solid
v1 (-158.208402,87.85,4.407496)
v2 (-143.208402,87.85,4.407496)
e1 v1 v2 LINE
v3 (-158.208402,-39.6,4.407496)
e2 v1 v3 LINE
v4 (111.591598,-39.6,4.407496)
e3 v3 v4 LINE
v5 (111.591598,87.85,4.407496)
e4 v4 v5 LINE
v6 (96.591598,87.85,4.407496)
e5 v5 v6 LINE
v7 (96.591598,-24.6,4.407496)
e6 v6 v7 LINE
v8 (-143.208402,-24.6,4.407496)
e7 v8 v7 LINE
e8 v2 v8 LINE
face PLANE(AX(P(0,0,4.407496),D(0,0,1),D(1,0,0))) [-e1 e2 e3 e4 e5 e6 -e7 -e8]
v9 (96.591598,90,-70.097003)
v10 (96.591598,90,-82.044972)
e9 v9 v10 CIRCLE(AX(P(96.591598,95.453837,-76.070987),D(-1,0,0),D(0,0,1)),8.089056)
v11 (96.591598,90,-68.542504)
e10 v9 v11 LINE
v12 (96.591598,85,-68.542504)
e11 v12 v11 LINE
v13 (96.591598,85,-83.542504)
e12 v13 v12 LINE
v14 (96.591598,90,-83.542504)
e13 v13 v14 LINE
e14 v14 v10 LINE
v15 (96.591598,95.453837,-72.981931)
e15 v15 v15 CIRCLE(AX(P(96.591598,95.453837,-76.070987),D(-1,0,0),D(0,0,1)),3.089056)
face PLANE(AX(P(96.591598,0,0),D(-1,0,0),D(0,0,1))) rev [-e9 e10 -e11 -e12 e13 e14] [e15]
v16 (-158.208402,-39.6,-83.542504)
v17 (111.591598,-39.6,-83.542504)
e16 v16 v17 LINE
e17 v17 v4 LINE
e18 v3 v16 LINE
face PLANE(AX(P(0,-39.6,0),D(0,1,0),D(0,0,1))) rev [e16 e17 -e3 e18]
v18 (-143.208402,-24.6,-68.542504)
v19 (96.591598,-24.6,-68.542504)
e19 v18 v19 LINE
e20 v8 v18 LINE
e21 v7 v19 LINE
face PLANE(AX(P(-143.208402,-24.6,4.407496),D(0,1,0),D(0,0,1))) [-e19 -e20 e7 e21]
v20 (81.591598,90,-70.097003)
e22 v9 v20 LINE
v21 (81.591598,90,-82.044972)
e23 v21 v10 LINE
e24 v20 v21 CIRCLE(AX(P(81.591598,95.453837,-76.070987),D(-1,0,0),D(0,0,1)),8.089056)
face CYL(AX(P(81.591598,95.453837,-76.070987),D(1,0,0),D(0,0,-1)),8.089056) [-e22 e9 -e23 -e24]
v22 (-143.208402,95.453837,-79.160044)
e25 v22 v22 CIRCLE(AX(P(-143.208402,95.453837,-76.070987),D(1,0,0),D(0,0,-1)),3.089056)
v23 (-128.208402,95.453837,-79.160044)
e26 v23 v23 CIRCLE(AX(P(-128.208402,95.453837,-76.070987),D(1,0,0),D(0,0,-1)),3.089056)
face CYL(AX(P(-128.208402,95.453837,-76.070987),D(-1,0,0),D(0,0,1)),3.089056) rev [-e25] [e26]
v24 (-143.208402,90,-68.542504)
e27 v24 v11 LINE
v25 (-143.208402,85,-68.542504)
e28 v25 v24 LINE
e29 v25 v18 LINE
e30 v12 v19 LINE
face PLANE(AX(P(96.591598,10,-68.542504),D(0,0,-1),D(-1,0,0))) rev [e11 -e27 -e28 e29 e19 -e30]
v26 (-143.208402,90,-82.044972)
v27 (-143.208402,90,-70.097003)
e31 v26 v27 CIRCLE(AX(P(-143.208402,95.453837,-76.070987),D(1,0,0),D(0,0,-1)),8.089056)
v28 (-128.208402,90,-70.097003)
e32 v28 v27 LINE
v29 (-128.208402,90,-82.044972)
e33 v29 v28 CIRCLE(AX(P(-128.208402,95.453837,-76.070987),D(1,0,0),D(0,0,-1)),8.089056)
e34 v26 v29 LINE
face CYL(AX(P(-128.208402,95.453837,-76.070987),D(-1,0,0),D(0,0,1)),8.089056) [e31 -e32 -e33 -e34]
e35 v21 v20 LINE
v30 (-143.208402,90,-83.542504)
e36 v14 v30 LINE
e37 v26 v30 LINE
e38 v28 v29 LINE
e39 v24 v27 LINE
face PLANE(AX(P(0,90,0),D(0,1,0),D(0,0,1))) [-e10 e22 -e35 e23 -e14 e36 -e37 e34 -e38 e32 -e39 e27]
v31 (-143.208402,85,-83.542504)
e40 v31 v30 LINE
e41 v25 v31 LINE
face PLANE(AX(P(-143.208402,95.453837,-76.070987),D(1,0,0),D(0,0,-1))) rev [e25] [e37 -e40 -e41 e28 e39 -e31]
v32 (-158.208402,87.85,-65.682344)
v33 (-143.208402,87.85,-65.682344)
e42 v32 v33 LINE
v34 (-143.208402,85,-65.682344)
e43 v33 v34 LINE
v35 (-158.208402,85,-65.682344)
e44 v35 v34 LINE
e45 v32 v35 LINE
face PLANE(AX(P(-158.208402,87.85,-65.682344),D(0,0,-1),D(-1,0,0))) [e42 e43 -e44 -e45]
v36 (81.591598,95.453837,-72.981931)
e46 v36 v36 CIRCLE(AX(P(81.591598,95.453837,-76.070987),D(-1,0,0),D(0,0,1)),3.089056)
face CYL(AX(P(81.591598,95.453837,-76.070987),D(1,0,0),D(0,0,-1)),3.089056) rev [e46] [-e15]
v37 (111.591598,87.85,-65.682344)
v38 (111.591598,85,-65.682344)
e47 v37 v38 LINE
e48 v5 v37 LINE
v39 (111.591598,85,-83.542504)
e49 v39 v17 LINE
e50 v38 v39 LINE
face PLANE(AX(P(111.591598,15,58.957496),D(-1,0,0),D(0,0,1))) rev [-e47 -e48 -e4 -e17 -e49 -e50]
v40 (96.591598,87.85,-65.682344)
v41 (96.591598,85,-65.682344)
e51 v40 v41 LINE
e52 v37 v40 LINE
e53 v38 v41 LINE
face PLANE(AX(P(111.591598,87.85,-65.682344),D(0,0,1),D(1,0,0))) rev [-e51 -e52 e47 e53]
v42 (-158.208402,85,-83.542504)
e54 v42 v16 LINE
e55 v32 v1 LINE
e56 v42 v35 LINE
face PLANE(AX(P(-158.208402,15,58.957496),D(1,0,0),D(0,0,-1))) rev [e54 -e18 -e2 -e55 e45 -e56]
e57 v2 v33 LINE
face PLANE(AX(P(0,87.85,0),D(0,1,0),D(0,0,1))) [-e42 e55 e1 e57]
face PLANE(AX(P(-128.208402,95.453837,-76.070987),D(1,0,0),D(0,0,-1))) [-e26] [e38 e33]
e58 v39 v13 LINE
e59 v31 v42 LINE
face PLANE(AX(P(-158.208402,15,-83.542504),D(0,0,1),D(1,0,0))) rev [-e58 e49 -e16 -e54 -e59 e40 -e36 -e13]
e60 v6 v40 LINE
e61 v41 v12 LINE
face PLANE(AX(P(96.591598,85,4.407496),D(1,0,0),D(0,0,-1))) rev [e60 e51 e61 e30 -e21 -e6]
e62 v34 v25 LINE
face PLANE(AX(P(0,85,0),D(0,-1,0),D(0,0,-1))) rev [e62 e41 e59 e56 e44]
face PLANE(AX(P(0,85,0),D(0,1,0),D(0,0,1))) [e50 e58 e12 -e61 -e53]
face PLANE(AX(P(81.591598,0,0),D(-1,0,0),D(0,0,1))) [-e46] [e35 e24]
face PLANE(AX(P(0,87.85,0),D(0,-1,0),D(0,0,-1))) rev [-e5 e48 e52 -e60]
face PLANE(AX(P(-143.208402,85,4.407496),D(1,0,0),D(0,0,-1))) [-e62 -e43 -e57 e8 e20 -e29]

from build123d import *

# Parameters (mm, degrees)
SKETCH1_W            = 269.8
SKETCH1_H            = 142.5
BOSS_EXTRUDE2_DEPTH  = 15
SKETCH2_W            = 239.8
SKETCH2_H            = 112.5
CUT_EXTRUDE1_DEPTH   = 5
BOSS_EXTRUDE3_DEPTH  = 75
SKETCH7_R            = 8.089056034
SKETCH7_R_2          = 3.089056034
BOSS_EXTRUDE4_DEPTH  = 15
BOSS_EXTRUDE5_DEPTH  = 15
SKETCH15_W           = 15
SKETCH15_H           = 15
CUT_EXTRUDE2_DEPTH   = 5
SKETCH16_W           = 269.8
SKETCH16_H           = 127.5
CUT_EXTRUDE3_DEPTH   = 49
SKETCH17_W           = 269.8
SKETCH17_H           = 15
BOSS_EXTRUDE6_DEPTH  = 39.6
BOSS_EXTRUDE8_DEPTH  = 72.95
SKETCH20_W           = 15
SKETCH20_H           = 70.089840249
BOSS_EXTRUDE9_DEPTH  = 2.85
SKETCH21_W           = 15
SKETCH21_H           = 70.0898402
BOSS_EXTRUDE10_DEPTH = 2.85


with BuildPart() as part:
    # Sketch1 → Boss-Extrude2 (new body)
    with BuildSketch(Plane(origin=(0, 0, 0), x_dir=(1, 0, 0), z_dir=(0, 1, 0))):
        with Locations((-23.308401977, 12.292504119)):
            Rectangle(SKETCH1_W, SKETCH1_H)
    extrude(amount=BOSS_EXTRUDE2_DEPTH)

    # Sketch2 → Cut-Extrude1 (cut)
    with BuildSketch(Plane(origin=(0, 15, 0), x_dir=(1, 0, 0), z_dir=(0, 1, 0))):
        with Locations((-23.308401977, 12.292504119)):
            Rectangle(SKETCH2_W, SKETCH2_H)
    extrude(amount=-CUT_EXTRUDE1_DEPTH, mode=Mode.SUBTRACT)

    # Sketch3 → Boss-Extrude3 (add)
    with BuildSketch(Plane(origin=(0, 15, 0), x_dir=(1, 0, 0), z_dir=(0, 1, 0))):
        Polygon((-143.208401977, 68.542504119), (-158.208401977, 68.542504119), (-158.208401977, 83.542504119), (111.591598023, 83.542504119), (111.591598023, 68.542504119), align=None)
    extrude(amount=BOSS_EXTRUDE3_DEPTH)

    # Sketch7 → Boss-Extrude4 (add)
    with BuildSketch(Plane(origin=(-143.208401977, 0, 0), x_dir=(0, 0, -1), z_dir=(1, 0, 0))):
        with Locations((76.070987498, 95.45383679)):
            Circle(SKETCH7_R)
        with Locations((76.070987498, 95.45383679)):
            Circle(SKETCH7_R_2, mode=Mode.SUBTRACT)
    extrude(amount=BOSS_EXTRUDE4_DEPTH)

    # Sketch12 → Boss-Extrude5 (add)
    with BuildSketch(Plane.ZY.offset(-96.591598023)):
        with BuildLine():
            ThreePointArc((-76.070987498, 103.542892824), (-84.160043532, 95.45383679), (-76.070987498, 87.364780756))
            Line((-76.070987498, 87.364780756), (-76.070987498, 92.364780756))
            ThreePointArc((-76.070987498, 92.364780756), (-79.160043532, 95.45383679), (-76.070987498, 98.542892824))
            Line((-76.070987498, 98.542892824), (-76.070987498, 103.542892824))
        make_face()
        with BuildLine():
            Line((-76.070987498, 92.364780756), (-76.070987498, 87.364780756))
            ThreePointArc((-76.070987498, 87.364780756), (-70.351161122, 89.734010415), (-67.981931463, 95.45383679))
            ThreePointArc((-67.981931463, 95.45383679), (-70.351161122, 101.173663165), (-76.070987498, 103.542892824))
            Line((-76.070987498, 103.542892824), (-76.070987498, 98.542892824))
            ThreePointArc((-76.070987498, 98.542892824), (-73.886695028, 97.638129259), (-72.981931463, 95.45383679))
            ThreePointArc((-72.981931463, 95.45383679), (-73.886695028, 93.269544321), (-76.070987498, 92.364780756))
        make_face()
    extrude(amount=BOSS_EXTRUDE5_DEPTH)

    # Sketch15 → Cut-Extrude2 (cut)
    with BuildSketch(Plane(origin=(0, 90, 0), x_dir=(1, 0, 0), z_dir=(0, 1, 0))):
        with Locations((-150.708401977, 76.042504119)):
            Rectangle(SKETCH15_W, SKETCH15_H)
        with Locations((104.091598023, 76.042504119)):
            Rectangle(SKETCH15_W, SKETCH15_H)
    extrude(amount=-CUT_EXTRUDE2_DEPTH, mode=Mode.SUBTRACT)

    # Sketch16 → Cut-Extrude3 (cut)
    with BuildSketch(Plane(origin=(0, 25, 0), x_dir=(1, 0, 0), z_dir=(0, 1, 0))):
        with Locations((-23.308401977, 4.792504119)):
            Rectangle(SKETCH16_W, SKETCH16_H)
    extrude(amount=-CUT_EXTRUDE3_DEPTH, mode=Mode.SUBTRACT)

    # Sketch17 → Boss-Extrude6 (add)
    with BuildSketch(Plane.XZ):
        with Locations((-23.308401977, -76.042504119)):
            Rectangle(SKETCH17_W, SKETCH17_H)
    extrude(amount=BOSS_EXTRUDE6_DEPTH)

    # Sketch19 → Boss-Extrude8 (add)
    with BuildSketch(Plane.XY.offset(-68.542504119)):
        Polygon((-158.208401977, 85), (-158.208401977, -39.6), (111.591598023, -39.6), (111.591598023, 85), (96.591598023, 85), (96.591598023, -24.6), (-143.208401977, -24.6), (-143.208401977, 85), align=None)
    extrude(amount=BOSS_EXTRUDE8_DEPTH)

    # Sketch20 → Boss-Extrude9 (add)
    with BuildSketch(Plane(origin=(0, 85, 0), x_dir=(1, 0, 0), z_dir=(0, 1, 0))):
        with Locations((-150.708401977, 30.637424243)):
            Rectangle(SKETCH20_W, SKETCH20_H)
    extrude(amount=BOSS_EXTRUDE9_DEPTH)

    # Sketch21 → Boss-Extrude10 (add)
    with BuildSketch(Plane(origin=(0, 85, 0), x_dir=(1, 0, 0), z_dir=(0, 1, 0))):
        with Locations((104.091598023, 30.637424219)):
            Rectangle(SKETCH21_W, SKETCH21_H)
    extrude(amount=BOSS_EXTRUDE10_DEPTH)


solid = part.part
